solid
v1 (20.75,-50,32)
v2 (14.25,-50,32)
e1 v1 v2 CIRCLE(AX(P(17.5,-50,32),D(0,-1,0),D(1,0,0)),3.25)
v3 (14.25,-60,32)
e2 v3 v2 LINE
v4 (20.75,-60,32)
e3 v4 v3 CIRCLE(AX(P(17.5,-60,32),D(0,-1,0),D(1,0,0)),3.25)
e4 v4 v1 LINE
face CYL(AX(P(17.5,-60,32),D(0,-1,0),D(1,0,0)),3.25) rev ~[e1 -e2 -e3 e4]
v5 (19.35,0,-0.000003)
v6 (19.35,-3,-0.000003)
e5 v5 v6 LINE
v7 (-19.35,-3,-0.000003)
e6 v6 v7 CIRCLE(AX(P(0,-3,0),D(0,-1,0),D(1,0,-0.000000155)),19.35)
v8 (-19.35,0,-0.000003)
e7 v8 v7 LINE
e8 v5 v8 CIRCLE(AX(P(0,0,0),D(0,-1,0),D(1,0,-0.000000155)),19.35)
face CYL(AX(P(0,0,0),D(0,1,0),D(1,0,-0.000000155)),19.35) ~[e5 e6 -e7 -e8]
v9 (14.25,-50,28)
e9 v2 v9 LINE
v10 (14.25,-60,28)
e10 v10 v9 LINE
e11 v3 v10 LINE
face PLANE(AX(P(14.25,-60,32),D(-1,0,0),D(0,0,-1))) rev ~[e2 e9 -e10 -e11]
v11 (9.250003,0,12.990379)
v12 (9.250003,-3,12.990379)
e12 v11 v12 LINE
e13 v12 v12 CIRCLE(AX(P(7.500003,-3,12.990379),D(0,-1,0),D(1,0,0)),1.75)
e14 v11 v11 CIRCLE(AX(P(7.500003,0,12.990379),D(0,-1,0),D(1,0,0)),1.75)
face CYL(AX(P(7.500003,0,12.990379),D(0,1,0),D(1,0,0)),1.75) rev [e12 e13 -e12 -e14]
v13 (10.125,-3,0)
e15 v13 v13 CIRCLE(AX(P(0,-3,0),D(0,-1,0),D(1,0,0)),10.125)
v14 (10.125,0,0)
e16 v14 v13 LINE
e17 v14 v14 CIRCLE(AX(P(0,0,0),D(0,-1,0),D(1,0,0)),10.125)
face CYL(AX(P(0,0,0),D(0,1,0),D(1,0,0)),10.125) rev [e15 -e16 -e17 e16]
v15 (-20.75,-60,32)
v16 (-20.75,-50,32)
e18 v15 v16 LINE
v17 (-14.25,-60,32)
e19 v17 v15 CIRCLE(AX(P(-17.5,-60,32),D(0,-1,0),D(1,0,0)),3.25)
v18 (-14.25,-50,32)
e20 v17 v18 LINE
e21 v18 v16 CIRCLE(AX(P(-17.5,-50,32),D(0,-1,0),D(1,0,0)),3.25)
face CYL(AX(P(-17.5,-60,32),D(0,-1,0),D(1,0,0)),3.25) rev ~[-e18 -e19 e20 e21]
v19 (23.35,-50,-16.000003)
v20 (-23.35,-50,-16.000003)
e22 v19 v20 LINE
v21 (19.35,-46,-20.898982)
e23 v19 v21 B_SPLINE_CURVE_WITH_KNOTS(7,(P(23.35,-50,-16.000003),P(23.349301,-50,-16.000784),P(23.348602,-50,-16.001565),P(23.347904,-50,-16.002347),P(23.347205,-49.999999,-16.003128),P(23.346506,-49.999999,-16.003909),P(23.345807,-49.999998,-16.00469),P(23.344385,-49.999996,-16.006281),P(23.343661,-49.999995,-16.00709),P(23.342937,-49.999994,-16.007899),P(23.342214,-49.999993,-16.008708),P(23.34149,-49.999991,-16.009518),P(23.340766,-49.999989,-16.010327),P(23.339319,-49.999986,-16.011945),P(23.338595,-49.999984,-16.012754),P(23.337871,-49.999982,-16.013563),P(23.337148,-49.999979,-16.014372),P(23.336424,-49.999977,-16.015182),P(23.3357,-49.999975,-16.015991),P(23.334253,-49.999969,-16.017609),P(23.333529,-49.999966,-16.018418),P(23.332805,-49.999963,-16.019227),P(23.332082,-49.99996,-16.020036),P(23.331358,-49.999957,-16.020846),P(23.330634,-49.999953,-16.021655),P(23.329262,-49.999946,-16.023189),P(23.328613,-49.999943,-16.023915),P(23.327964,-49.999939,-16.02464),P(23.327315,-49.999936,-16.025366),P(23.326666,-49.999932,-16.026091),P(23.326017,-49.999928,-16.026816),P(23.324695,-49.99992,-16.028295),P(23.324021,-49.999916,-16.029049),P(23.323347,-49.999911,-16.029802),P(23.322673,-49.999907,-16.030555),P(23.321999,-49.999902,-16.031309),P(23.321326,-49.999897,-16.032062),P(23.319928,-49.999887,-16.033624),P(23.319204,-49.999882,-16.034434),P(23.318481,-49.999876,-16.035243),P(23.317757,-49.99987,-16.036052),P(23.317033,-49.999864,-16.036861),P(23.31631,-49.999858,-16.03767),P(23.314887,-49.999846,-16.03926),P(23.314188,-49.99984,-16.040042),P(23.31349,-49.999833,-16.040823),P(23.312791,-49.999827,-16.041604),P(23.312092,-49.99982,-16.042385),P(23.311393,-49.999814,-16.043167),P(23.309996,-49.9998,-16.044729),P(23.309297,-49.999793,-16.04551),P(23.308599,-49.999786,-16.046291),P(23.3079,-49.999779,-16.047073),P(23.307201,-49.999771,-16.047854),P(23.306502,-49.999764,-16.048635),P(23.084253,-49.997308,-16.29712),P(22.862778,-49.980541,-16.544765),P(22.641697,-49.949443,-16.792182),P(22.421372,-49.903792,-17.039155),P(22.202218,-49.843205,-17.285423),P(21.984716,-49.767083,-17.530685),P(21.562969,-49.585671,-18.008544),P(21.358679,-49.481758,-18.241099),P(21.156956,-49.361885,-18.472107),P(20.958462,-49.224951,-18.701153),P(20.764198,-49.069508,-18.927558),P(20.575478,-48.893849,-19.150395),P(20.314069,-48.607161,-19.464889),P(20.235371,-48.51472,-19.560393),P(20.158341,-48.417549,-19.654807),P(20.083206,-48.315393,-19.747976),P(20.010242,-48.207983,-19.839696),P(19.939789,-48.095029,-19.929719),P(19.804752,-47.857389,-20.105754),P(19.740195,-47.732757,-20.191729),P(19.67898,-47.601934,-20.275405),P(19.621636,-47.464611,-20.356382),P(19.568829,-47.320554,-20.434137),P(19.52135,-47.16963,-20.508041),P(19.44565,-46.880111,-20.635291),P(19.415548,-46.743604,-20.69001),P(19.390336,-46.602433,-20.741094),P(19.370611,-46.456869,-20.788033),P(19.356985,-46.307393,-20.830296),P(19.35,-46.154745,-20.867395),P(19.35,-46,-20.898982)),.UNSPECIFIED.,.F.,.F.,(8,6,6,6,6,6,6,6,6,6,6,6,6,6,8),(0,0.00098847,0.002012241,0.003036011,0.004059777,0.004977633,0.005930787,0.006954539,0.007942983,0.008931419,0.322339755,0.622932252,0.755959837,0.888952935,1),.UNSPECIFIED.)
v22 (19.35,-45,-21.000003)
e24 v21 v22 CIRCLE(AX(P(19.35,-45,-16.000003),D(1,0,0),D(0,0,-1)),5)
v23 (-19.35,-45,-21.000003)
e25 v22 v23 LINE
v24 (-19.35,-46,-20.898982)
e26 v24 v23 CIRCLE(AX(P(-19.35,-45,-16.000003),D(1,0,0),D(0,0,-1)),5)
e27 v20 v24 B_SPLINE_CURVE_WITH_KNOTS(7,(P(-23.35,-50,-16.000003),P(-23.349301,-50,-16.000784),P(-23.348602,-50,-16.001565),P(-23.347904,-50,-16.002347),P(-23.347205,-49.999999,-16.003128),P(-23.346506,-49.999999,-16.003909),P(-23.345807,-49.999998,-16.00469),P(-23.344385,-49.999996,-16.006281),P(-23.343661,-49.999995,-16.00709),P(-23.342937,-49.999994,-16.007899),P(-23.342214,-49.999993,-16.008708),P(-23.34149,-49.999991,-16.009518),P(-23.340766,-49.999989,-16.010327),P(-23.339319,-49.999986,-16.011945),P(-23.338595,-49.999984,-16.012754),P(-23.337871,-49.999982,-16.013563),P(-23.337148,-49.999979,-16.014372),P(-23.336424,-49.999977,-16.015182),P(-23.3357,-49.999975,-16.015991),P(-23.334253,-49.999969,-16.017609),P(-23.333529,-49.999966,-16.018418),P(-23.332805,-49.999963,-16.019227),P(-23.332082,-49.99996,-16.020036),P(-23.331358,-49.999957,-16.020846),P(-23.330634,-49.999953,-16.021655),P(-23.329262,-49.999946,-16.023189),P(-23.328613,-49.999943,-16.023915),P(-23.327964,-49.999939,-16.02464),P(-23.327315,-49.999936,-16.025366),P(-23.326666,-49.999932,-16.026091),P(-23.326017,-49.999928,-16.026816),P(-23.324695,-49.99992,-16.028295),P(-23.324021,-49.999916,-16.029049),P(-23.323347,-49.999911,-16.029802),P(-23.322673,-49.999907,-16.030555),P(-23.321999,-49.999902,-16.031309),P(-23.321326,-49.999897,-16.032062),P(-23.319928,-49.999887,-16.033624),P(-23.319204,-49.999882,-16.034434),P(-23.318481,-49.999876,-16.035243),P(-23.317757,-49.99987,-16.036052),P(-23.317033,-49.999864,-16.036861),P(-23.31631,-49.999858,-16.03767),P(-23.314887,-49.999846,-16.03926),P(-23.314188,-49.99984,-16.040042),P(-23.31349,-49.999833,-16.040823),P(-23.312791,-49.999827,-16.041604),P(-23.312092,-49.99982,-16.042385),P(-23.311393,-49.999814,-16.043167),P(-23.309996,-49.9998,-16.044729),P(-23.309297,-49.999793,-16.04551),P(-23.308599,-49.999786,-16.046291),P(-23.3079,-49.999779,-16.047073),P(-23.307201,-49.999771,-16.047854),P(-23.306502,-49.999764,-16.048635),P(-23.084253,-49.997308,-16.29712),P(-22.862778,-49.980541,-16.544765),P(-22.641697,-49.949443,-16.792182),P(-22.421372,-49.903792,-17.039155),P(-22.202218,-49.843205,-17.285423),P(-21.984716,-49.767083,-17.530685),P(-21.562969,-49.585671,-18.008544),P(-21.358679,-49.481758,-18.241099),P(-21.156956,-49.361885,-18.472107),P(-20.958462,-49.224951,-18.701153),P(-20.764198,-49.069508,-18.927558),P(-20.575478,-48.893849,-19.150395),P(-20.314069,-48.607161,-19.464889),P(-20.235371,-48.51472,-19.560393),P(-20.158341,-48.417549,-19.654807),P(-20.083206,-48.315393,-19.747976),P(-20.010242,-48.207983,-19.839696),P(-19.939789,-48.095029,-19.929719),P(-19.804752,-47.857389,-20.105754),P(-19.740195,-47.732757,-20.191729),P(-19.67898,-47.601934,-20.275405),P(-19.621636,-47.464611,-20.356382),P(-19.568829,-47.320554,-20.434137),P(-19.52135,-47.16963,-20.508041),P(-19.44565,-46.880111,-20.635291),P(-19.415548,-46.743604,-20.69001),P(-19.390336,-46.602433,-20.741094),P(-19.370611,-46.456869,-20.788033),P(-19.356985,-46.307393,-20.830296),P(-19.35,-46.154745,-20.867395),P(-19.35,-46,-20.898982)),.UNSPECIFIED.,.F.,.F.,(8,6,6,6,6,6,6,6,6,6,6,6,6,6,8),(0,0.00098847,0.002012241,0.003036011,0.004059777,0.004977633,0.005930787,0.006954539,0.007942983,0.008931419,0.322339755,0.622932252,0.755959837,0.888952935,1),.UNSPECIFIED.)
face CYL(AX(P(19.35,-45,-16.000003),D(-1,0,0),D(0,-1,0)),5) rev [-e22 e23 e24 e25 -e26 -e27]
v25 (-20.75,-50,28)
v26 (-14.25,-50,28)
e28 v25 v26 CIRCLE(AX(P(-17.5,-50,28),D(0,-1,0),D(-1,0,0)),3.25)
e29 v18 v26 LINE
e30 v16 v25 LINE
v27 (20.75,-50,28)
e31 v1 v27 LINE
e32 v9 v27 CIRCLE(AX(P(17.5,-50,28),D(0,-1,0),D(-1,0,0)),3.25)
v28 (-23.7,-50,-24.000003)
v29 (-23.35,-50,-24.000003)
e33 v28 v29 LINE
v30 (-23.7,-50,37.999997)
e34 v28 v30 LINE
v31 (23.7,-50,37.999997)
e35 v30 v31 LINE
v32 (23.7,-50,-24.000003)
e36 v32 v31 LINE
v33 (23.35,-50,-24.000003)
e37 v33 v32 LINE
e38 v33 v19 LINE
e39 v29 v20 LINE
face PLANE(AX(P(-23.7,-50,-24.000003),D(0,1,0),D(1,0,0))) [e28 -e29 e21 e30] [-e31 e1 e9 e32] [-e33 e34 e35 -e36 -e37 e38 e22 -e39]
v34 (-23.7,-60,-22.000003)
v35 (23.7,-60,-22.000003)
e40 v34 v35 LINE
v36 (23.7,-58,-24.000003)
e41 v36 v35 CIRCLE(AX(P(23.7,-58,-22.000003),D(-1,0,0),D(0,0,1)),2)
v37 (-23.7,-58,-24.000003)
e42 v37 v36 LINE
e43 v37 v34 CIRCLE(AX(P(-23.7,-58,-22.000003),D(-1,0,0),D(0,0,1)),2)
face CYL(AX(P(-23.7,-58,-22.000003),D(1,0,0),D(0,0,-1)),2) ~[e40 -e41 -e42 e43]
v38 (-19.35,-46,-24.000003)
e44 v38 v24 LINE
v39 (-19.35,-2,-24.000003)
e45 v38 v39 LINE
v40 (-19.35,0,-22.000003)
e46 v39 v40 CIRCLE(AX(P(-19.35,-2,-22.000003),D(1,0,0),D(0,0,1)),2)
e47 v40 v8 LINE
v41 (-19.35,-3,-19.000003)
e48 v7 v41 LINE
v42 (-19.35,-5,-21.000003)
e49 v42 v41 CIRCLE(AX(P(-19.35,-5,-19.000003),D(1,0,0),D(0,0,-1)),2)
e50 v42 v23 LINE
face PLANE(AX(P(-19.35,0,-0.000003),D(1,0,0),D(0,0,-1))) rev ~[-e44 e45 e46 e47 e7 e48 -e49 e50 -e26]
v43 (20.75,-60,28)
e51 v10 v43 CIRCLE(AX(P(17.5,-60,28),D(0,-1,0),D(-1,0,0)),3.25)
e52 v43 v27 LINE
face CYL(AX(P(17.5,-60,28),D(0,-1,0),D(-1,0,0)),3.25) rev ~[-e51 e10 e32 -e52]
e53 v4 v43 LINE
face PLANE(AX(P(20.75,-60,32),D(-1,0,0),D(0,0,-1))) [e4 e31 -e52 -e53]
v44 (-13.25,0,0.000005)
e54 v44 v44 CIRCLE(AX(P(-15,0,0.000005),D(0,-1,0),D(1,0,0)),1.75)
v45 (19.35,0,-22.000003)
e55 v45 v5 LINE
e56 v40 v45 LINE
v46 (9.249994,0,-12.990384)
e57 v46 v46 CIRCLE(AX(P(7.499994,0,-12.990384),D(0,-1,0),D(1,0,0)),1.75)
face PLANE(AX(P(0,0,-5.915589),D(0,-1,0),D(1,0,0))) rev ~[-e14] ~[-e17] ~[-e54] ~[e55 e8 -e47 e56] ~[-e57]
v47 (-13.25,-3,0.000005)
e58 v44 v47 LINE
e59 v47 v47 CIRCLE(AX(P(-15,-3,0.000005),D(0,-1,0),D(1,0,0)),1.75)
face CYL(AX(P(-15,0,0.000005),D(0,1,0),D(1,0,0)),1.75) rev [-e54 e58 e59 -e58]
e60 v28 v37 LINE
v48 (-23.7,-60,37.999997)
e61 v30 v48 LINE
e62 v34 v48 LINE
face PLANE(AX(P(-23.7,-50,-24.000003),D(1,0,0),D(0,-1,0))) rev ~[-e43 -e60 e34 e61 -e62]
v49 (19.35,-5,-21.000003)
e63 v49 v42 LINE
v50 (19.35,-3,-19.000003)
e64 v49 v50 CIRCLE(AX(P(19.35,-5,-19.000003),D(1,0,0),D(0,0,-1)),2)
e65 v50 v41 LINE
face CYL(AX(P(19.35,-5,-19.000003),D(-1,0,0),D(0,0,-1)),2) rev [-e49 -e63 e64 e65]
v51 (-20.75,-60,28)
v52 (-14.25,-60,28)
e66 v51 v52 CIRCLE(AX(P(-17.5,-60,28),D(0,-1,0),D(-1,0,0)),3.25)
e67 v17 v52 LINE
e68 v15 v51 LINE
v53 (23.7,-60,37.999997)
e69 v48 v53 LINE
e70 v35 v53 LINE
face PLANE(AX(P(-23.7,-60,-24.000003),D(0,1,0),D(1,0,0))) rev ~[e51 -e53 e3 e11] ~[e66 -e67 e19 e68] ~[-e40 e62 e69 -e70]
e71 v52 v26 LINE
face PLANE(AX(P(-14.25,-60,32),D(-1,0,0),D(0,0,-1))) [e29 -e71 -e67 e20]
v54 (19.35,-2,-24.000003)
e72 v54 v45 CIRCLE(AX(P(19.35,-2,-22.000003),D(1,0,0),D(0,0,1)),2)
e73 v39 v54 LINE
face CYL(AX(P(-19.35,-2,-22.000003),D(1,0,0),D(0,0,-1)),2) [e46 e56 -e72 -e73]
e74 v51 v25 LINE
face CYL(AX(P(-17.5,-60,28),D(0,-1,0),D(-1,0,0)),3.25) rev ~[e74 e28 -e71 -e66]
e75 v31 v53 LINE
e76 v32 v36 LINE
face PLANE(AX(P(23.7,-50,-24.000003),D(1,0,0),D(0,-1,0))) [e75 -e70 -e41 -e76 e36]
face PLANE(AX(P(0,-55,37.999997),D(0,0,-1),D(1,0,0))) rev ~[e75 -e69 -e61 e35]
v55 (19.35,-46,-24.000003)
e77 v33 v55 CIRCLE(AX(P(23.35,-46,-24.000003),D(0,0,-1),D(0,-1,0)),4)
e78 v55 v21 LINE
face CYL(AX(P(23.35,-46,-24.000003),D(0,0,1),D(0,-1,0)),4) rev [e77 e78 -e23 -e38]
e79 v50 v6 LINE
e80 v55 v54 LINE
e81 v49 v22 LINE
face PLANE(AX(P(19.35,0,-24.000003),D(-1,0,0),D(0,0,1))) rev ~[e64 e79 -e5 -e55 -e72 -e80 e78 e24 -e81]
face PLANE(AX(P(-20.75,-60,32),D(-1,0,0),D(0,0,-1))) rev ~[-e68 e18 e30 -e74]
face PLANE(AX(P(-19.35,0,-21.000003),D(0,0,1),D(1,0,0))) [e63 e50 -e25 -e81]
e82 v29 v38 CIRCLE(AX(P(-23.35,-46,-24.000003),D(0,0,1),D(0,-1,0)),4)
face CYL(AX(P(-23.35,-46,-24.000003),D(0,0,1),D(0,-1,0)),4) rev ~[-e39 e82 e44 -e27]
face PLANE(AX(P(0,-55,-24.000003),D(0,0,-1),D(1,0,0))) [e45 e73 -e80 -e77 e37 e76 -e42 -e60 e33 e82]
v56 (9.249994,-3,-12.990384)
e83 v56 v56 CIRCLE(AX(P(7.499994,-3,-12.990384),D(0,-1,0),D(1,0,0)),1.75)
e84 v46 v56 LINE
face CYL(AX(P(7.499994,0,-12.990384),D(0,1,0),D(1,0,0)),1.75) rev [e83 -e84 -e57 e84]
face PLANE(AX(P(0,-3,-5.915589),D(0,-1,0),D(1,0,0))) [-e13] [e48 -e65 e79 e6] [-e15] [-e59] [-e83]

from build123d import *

# Parameters (mm, degrees)
SKETCH_R     = 10.125
SKETCH_R_2   = 1.75
PAD_DEPTH    = 3
SKETCH001_W  = 38.7
SKETCH001_H  = 3
PAD001_DEPTH = 60
SKETCH002_W  = 47.4
SKETCH002_H  = 10
PAD002_DEPTH = 62
POCKET_DEPTH = 10
FILLET_R     = 2
FILLET001_R  = 5
FILLET002_R  = 2
FILLET003_R  = 4


with BuildPart() as part:
    # Sketch → Pad (new body)
    with BuildSketch(Plane.XZ):
        with BuildLine():
            ThreePointArc((19.35, -3e-06), (0, 19.35), (-19.35, -3e-06))
            Line((-19.35, -3e-06), (-19.35, -24.000003))
            Line((-19.35, -24.000003), (19.35, -24.000003))
            Line((19.35, -24.000003), (19.35, -3e-06))
        make_face()
        Circle(SKETCH_R, mode=Mode.SUBTRACT)
        with Locations((7.500003, 12.990379)):
            Circle(SKETCH_R_2, mode=Mode.SUBTRACT)
        with Locations((-15, 5e-06)):
            Circle(SKETCH_R_2, mode=Mode.SUBTRACT)
        with Locations((7.499994, -12.990384)):
            Circle(SKETCH_R_2, mode=Mode.SUBTRACT)
    extrude(amount=PAD_DEPTH)

    # Sketch001 (on Face9 of Pad) → Pad001 (join)
    with BuildSketch(Plane(origin=(0, 0, 0), x_dir=(1, 0, 0), z_dir=(0, 1, 0))):
        with Locations((0, 22.500003)):
            Rectangle(SKETCH001_W, SKETCH001_H)
    extrude(amount=-PAD001_DEPTH)

    # Sketch002 (on Face12 of Pad001) → Pad002 (join)
    with BuildSketch(Plane(origin=(0, 0, -24.000003), x_dir=(1, 0, 0), z_dir=(0, 0, -1))):
        with Locations((0, 55)):
            Rectangle(SKETCH002_W, SKETCH002_H)
    extrude(amount=-PAD002_DEPTH)

    # Sketch003 (on Face16 of Pad002) → Pocket (cut)
    with BuildSketch(Plane.XZ.offset(60)):
        with BuildLine():
            ThreePointArc((-14.25, 32), (-17.5, 35.25), (-20.75, 32))
            Line((-20.75, 32), (-20.75, 28))
            ThreePointArc((-20.75, 28), (-17.5, 24.75), (-14.25, 28))
            Line((-14.25, 32), (-14.25, 28))
        make_face()
        with BuildLine():
            ThreePointArc((20.75, 32), (17.5, 35.25), (14.25, 32))
            Line((14.25, 32), (14.25, 28))
            ThreePointArc((14.25, 28), (17.5, 24.75), (20.75, 28))
            Line((20.75, 32), (20.75, 28))
        make_face()
    extrude(amount=-POCKET_DEPTH, mode=Mode.SUBTRACT)

    # Fillet
    fillet_edges = [part.edges().sort_by_distance(p)[0] for p in [
        (0, 0, -24.000003),
        (0, -3, -21.000003),
    ]]
    fillet(fillet_edges, radius=FILLET_R)

    # Fillet001
    fillet001_edges = [part.edges().sort_by_distance(p)[0] for p in [
        (0, -50, -21.000003),
    ]]
    fillet(fillet001_edges, radius=FILLET001_R)

    # Fillet002
    fillet002_edges = [part.edges().sort_by_distance(p)[0] for p in [
        (0, -60, -24.000003),
    ]]
    fillet(fillet002_edges, radius=FILLET002_R)

    # Fillet003
    fillet003_edges = [part.edges().sort_by_distance(p)[0] for p in [
        (-19.35, -50, -22.500003),
        (-19.35, -50, -18.500003),
        (19.35, -50, -22.500003),
        (19.35, -50, -18.500003),
    ]]
    fillet(fillet003_edges, radius=FILLET003_R)


solid = part.part
